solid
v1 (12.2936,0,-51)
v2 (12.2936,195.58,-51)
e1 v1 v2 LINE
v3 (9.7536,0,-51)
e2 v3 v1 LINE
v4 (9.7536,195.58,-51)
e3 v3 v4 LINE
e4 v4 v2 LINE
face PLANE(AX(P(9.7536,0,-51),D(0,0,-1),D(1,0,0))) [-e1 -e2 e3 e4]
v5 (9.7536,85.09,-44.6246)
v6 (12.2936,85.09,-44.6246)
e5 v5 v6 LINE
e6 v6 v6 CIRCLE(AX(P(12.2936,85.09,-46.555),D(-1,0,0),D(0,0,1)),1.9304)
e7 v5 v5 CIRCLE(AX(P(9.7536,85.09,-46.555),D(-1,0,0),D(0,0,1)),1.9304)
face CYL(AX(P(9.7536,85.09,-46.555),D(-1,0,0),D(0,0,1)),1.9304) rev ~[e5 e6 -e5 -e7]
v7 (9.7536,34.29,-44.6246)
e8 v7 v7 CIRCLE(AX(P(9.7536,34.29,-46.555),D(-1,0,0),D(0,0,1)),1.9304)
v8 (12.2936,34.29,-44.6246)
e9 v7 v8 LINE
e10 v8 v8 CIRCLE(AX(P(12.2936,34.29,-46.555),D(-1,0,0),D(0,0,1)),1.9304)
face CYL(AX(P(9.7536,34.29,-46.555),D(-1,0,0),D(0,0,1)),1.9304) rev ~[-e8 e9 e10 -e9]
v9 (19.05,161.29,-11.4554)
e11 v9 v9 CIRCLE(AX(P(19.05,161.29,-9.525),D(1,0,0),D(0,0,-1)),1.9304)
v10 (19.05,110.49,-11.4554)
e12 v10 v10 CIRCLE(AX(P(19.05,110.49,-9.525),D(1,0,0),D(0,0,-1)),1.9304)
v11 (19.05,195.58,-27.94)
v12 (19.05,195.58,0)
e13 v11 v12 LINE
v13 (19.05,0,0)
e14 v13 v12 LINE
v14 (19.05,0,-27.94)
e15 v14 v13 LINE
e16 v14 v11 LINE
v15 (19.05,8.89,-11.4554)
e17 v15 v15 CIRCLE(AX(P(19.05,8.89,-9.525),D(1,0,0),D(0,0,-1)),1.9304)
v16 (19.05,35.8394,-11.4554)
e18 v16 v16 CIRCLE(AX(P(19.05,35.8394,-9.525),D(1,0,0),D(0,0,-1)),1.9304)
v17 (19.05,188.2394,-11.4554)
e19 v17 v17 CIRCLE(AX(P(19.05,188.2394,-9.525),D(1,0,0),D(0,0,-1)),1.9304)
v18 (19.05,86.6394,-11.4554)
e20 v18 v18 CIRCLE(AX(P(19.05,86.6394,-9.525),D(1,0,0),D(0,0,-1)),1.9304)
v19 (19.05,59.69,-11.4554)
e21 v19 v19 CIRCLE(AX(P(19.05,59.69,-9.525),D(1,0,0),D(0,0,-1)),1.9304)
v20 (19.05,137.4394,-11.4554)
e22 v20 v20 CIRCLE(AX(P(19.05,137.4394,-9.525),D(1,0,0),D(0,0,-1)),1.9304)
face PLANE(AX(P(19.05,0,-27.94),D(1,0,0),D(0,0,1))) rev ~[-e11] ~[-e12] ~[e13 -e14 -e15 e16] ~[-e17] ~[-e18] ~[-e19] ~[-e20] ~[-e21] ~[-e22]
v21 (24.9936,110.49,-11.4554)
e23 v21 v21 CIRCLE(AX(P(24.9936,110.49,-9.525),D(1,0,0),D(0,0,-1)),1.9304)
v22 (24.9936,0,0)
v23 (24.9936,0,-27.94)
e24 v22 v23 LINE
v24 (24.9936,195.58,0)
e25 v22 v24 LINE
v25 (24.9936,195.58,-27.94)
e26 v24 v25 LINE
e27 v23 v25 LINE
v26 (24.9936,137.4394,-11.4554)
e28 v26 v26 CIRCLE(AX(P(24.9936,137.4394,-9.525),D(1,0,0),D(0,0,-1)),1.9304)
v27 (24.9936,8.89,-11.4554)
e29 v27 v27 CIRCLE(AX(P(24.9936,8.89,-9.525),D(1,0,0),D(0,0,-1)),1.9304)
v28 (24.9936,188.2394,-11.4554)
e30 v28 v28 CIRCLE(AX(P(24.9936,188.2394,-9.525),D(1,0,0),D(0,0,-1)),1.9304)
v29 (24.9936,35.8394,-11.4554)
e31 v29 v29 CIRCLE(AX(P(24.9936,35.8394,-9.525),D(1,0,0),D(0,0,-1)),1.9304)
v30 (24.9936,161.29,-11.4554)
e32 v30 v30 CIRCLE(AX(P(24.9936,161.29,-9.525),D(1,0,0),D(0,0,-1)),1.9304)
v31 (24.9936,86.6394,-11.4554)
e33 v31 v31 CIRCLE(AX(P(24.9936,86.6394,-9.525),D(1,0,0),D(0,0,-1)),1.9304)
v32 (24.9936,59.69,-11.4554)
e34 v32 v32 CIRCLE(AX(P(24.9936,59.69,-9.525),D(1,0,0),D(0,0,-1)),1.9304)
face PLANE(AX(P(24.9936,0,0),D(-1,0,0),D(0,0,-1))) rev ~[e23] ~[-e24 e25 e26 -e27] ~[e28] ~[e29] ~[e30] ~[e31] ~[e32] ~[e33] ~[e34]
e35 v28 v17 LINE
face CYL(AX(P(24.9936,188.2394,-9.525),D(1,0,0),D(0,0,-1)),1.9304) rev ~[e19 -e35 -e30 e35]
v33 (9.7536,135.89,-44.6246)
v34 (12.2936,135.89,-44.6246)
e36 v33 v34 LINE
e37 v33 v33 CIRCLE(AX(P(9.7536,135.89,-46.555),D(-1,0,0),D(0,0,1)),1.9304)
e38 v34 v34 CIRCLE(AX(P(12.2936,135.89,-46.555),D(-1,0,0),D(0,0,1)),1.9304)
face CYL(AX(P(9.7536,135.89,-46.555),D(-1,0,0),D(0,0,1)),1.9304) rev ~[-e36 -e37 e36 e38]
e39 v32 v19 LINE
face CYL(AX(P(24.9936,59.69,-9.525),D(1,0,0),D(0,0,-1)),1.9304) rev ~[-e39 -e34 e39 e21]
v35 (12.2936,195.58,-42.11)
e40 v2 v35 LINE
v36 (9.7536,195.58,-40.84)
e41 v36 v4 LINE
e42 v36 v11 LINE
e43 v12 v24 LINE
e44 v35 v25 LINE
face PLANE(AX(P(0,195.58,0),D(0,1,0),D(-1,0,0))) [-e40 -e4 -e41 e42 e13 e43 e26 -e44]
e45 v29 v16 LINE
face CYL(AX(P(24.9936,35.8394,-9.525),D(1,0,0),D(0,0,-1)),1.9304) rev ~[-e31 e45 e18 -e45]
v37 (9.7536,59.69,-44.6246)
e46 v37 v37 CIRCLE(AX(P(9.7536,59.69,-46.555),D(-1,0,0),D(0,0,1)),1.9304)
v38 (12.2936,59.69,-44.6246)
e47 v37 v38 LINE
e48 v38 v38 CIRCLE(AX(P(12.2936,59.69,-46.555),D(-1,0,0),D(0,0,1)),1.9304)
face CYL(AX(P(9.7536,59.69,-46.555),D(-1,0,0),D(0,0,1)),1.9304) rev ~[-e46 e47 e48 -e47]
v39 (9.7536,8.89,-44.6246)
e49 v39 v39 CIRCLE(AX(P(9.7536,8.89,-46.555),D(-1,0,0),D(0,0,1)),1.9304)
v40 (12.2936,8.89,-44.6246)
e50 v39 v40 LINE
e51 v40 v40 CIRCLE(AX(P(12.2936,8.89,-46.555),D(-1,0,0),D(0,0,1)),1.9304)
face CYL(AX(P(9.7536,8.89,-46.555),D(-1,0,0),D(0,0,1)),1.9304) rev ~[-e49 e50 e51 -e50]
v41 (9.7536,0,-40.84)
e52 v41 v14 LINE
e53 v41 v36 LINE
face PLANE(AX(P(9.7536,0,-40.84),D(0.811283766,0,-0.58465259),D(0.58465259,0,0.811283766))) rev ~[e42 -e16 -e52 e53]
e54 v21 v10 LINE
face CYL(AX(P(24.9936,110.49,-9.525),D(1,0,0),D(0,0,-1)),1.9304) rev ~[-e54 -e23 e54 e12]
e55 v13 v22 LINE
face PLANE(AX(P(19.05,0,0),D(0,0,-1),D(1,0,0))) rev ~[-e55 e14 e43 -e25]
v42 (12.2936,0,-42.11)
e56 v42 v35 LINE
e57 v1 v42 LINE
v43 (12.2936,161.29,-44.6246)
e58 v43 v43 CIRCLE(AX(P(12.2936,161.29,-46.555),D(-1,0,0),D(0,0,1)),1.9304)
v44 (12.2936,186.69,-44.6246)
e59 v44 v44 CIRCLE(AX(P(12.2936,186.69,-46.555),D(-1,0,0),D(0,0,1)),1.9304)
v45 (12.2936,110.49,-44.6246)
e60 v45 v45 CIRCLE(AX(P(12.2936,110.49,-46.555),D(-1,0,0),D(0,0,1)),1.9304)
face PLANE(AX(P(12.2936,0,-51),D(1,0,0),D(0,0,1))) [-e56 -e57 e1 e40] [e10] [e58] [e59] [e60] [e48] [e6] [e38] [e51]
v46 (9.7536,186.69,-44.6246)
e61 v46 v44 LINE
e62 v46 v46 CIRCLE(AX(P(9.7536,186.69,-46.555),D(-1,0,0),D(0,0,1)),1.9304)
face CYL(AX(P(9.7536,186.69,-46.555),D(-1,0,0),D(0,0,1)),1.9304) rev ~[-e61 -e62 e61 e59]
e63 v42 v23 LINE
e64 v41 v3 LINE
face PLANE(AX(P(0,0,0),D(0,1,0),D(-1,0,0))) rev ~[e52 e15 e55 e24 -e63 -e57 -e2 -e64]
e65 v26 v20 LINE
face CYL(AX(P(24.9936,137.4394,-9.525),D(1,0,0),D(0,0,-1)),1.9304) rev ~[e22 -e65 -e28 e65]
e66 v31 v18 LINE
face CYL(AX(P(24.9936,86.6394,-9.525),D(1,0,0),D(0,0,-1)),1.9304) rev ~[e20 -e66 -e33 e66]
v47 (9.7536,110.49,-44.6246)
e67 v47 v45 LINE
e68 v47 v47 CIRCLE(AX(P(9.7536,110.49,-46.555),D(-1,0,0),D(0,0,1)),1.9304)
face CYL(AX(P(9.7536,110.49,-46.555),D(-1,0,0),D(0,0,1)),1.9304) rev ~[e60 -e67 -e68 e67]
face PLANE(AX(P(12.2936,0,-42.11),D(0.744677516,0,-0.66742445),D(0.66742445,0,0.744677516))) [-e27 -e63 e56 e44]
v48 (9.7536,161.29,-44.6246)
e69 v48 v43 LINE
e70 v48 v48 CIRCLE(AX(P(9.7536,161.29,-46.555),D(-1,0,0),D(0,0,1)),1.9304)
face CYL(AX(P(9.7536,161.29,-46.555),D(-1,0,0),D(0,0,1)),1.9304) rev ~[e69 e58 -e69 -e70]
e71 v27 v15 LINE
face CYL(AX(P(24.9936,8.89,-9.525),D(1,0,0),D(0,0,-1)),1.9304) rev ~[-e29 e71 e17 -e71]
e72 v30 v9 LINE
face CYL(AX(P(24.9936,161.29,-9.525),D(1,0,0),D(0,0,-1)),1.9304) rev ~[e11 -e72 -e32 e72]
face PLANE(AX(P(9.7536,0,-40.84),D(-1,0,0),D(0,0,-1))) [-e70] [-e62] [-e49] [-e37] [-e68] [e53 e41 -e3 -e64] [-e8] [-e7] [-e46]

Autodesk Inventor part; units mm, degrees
ref_plane "YZ Plane" through (0, 0, 0) normal (1, 0, 0) x (0, 1, 0)
ref_plane "XZ Plane" through (0, 0, 0) normal (0, 1, 0) x (-1, 0, 0)
ref_plane "XY Plane" through (0, 0, 0) normal (0, 0, 1) x (1, 0, 0)
sketch "Sketch1" plane through (0, 0, 0) normal (0, 1, 0) x (-1, 0, 0)
  line L0 (0, 0) -> (-19.05, 0) construction
  line L1 (-19.05, 0) -> (-19.05, -19.05) construction
  line L2 (-19.05, -19.05) -> (0, -19.05) construction
  line L3 (0, -19.05) -> (0, 0) construction
  line L4 (0, 0) -> (279.4, 0) construction
  line L5 (279.4, 0) -> (279.4, -35.5) construction
  line L6 (279.4, -35.5) -> (0, -35.5) construction
  line L7 (0, -35.5) -> (0, 0) construction
  line L8 (-47.8536, 0) -> (-47.8536, -76.2) construction
  line L9 (-19.05, 0) -> (-24.9936, 0)
  line L10 (-24.9936, 0) -> (-24.9936, -27.94)
  line L11 (-24.9936, -27.94) -> (-19.05, -27.94)
  line L12 (-19.05, -27.94) -> (-19.05, 0)
  line L13 (-9.7536, -51) -> (-12.2936, -51)
  line L14 (-12.2936, -51) -> (-12.2936, -42.11)
  line L15 (-9.7536, -40.84) -> (-9.7536, -51)
  line L16 (-9.7536, -40.84) -> (-19.05, -27.94)
  line L17 (-9.7536, -42.11) -> (-12.2936, -42.11) construction
  line L18 (-12.2936, -42.11) -> (-24.9936, -27.94)
  dimension "d0" = 19.05
  dimension "d1" = 19.05
  dimension "d2" = 279.4
  dimension "d3" = 35.5
  dimension "d4" = 76.2
  dimension "d5" = 28.8036
  dimension "d6" = 38.1
  dimension "d7" = 51
  dimension "d8" = 5.9436
  dimension "d9" = 27.94
  dimension "d12" = 8.89
extrude "Extrusion1" add sketch "Sketch1" along normal blind 195.58
sketch "Sketch2" plane through (24.9936, 0, 0) normal (1, 0, 0) x (0, 0, -1)
  circle A0 centre (9.525, 8.89) radius 1.9304
  circle A1 centre (9.525, 35.8394) radius 1.9304
  line L0 (0, 0) -> (27.94, 0) projected
  line L1 (0, 0) -> (0, 195.58) projected
  circle A2 centre (9.525, 86.6394) radius 1.9304
  circle A3 centre (9.525, 59.69) radius 1.9304
  circle A4 centre (9.525, 137.4394) radius 1.9304
  circle A5 centre (9.525, 110.49) radius 1.9304
  circle A6 centre (9.525, 188.2394) radius 1.9304
  circle A7 centre (9.525, 161.29) radius 1.9304
  dimension "d16" = 3.8608
  dimension "d17" = 3.8608
  dimension "d18" = 26.9494
  dimension "d19" = 8.89
  dimension "d20" = 9.525
  dimension "d21" = 9.525
  dimension "d24" = 50.8
extrude "Extrusion2" cut sketch "Sketch2" against normal blind 195.58
sketch "Sketch3" plane through (9.7536, 0, -51) normal (-1, 0, 0) x (0, 0, 1)
  circle A0 centre (4.445, 8.89) radius 1.9304
  line L0 (0, 0) -> (0, 195.58) projected
  line L1 (0, 0) -> (10.16, 0) projected
  circle A1 centre (4.445, 34.29) radius 1.9304
  circle A2 centre (4.445, 59.69) radius 1.9304
  circle A3 centre (4.445, 85.09) radius 1.9304
  circle A4 centre (4.445, 110.49) radius 1.9304
  circle A5 centre (4.445, 135.89) radius 1.9304
  circle A6 centre (4.445, 161.29) radius 1.9304
  circle A7 centre (4.445, 186.69) radius 1.9304
  point P0 (51, 0)
  dimension "d31" = 3.8608
  dimension "d32" = 4.445
  dimension "d33" = 8.89
  dimension "d36" = 25.4
extrude "Extrusion3" cut sketch "Sketch3" against normal through all
equation "\"d21\" = d20"
properties part number "intake guide mount"
